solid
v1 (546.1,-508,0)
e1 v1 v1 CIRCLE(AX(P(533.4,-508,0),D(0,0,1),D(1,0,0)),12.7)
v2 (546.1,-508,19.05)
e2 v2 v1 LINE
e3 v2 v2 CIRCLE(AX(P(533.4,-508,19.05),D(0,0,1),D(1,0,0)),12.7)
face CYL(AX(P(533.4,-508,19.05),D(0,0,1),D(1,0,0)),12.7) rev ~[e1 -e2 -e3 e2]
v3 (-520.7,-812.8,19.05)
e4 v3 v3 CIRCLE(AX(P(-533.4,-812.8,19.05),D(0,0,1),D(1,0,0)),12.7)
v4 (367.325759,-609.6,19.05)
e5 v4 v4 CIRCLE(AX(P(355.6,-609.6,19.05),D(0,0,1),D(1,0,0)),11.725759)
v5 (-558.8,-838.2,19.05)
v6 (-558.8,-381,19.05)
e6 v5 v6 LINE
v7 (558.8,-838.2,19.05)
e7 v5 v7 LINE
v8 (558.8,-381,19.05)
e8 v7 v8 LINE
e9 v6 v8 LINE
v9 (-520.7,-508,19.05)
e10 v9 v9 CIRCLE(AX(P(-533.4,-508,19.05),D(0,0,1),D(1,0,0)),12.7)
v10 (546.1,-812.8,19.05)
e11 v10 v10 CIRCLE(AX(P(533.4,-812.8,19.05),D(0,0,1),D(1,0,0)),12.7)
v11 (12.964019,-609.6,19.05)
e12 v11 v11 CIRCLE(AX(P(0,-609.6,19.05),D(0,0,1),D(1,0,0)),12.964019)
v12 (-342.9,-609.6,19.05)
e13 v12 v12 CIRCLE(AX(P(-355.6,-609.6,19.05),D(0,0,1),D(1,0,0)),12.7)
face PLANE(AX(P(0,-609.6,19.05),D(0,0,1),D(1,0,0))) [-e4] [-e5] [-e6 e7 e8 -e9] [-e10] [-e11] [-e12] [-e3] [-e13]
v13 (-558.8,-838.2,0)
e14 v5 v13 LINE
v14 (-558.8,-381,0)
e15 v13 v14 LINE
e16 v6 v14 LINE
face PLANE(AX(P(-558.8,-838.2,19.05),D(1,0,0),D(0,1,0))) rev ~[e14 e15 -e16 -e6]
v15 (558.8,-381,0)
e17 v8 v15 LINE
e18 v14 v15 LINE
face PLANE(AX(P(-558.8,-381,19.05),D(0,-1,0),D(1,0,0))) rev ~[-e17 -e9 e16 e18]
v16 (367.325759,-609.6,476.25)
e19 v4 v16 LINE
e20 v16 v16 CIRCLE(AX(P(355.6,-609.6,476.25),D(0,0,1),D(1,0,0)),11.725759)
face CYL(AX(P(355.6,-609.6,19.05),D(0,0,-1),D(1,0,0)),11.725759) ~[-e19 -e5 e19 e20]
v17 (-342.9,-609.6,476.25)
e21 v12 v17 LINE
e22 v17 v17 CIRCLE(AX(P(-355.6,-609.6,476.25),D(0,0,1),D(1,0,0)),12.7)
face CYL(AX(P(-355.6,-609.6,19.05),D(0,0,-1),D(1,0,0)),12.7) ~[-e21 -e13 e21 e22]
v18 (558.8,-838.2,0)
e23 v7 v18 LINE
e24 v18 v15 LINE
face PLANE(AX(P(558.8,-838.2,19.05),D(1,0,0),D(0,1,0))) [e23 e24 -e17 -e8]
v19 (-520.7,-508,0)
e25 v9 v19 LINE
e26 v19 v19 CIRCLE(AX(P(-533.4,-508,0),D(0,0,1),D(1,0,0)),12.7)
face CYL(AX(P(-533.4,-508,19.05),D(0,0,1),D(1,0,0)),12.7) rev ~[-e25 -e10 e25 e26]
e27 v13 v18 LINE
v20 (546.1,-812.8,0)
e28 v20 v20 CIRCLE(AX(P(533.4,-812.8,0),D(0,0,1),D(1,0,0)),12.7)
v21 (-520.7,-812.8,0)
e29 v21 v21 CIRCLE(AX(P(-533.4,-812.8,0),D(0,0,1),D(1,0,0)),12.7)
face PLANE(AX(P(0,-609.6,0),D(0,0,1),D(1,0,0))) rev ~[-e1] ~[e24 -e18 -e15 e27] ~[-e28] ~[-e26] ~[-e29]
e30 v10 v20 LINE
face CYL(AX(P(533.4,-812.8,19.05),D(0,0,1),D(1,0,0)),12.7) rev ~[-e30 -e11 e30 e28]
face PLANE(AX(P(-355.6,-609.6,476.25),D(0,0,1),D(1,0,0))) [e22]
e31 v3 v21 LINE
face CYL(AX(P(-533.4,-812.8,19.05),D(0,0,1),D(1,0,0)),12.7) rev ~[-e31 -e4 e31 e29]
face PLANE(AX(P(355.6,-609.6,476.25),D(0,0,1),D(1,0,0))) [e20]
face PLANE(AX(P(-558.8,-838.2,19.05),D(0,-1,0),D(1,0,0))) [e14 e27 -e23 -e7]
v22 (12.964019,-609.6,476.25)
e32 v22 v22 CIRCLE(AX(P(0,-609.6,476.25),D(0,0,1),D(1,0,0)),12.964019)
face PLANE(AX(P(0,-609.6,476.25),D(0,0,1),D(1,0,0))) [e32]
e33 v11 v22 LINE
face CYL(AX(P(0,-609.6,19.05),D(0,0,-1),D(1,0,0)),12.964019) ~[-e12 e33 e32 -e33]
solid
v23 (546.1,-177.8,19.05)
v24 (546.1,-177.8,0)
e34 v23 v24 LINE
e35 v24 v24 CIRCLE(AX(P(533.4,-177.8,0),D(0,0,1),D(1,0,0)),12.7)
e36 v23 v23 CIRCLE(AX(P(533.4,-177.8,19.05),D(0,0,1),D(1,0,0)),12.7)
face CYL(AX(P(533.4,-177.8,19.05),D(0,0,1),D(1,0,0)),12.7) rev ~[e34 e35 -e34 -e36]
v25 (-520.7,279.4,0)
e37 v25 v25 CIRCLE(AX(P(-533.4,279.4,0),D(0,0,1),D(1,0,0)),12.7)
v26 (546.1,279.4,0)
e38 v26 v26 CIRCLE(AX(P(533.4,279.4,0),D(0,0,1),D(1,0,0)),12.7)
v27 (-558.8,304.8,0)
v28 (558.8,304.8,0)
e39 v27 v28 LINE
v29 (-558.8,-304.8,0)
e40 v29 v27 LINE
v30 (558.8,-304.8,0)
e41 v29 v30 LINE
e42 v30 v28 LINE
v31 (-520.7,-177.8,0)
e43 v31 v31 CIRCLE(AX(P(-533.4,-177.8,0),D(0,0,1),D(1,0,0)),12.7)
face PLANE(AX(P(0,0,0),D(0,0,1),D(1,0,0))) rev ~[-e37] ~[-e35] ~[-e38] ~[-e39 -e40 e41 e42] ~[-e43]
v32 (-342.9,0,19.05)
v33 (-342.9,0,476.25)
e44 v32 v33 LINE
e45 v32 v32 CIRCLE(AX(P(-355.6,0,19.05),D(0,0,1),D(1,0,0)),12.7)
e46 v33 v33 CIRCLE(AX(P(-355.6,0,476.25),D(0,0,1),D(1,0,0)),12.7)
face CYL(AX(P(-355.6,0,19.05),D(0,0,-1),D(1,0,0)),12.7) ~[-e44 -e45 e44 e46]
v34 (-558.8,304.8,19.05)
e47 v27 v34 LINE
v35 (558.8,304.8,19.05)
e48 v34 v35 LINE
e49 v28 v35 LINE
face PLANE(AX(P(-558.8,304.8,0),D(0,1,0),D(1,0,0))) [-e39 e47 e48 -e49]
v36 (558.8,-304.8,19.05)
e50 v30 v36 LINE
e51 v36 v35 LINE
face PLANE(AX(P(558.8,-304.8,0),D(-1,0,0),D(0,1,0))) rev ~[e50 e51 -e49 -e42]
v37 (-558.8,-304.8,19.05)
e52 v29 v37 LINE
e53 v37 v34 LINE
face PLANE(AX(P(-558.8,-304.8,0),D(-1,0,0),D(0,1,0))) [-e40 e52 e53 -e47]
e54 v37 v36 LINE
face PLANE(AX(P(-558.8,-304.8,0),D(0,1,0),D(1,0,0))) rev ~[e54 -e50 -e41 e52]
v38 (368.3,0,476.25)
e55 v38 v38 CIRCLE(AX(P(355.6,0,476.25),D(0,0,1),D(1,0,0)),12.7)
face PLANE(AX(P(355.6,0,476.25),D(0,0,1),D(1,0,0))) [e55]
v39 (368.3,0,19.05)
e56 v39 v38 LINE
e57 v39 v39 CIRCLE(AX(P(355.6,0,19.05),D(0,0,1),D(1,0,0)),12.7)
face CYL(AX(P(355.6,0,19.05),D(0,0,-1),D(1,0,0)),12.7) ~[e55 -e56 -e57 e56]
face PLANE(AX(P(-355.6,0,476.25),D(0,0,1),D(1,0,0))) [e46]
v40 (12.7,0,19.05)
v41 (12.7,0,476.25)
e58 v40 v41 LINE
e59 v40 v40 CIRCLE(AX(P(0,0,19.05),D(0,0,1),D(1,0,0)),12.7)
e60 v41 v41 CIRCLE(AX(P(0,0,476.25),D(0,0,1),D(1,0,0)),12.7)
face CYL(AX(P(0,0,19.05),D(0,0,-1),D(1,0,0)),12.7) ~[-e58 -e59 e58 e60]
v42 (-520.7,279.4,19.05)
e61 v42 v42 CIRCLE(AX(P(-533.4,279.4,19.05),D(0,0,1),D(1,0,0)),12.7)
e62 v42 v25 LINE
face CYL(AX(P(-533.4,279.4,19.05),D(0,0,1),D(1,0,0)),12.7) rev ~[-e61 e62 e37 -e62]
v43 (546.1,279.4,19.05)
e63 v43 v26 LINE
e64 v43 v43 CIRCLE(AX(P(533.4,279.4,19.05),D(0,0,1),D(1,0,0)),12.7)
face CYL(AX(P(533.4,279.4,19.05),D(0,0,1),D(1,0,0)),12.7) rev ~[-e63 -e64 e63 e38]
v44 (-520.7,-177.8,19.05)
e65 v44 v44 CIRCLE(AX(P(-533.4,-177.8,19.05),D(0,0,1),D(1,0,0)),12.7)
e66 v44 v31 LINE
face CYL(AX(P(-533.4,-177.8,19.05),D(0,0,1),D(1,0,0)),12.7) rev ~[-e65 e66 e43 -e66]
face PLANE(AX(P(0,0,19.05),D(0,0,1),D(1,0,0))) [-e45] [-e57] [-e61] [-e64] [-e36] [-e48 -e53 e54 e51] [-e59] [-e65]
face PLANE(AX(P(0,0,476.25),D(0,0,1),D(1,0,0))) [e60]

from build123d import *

# Parameters (mm, degrees)
F0_W      = 1117.6
F0_H      = 609.6
F1_DEPTH  = 19.05
F2_W      = 1117.6
F2_H      = 457.2
F3_DEPTH  = 19.05
F4_R      = 12.7
F6_DEPTH  = 25.4
F5_R      = 12.7
F7_DEPTH  = 25.4
F8_R      = 12.7
F9_DEPTH  = 457.2
F10_R     = 12.7
F10_R_2   = 11.725759
F10_R_3   = 12.964019
F11_DEPTH = 457.2


with BuildPart() as f1:
    # F0 (on Top) → F1 (new body)
    with BuildSketch(Plane.XY):
        Rectangle(F0_W, F0_H)
    extrude(amount=F1_DEPTH)

    # F4 (on face) → F6 (cut)
    with BuildSketch(Plane.XY.offset(19.05)):
        with Locations((533.4, 279.4)):
            Circle(F4_R)
        with Locations((533.4, -177.8)):
            Circle(F4_R)
        with Locations((-533.4, -177.8)):
            Circle(F4_R)
        with Locations((-533.4, 279.4)):
            Circle(F4_R)
    extrude(amount=-F6_DEPTH, mode=Mode.SUBTRACT)

    # F8 (on face) → F9 (join)
    with BuildSketch(Plane.XY.offset(19.05)):
        with Locations((-355.6, 0)):
            Circle(F8_R)
        Circle(F8_R)
        with Locations((355.6, 0)):
            Circle(F8_R)
    extrude(amount=F9_DEPTH)


with BuildPart() as f3:
    # F2 (on face) → F3 (new body)
    with BuildSketch(Plane.XY.offset(19.05)):
        with Locations((0, -609.6)):
            Rectangle(F2_W, F2_H)
    extrude(amount=-F3_DEPTH)

    # F5 (on face) → F7 (cut)
    with BuildSketch(Plane.XY.offset(19.05)):
        with Locations((-533.4, -508)):
            Circle(F5_R)
        with Locations((-533.4, -812.8)):
            Circle(F5_R)
        with Locations((533.4, -812.8)):
            Circle(F5_R)
        with Locations((533.4, -508)):
            Circle(F5_R)
    extrude(amount=-F7_DEPTH, mode=Mode.SUBTRACT)

    # F10 (on face) → F11 (join)
    with BuildSketch(Plane.XY.offset(19.05)):
        with Locations((-355.6, -609.6)):
            Circle(F10_R)
        with Locations((355.6, -609.6)):
            Circle(F10_R_2)
        with Locations((0, -609.6)):
            Circle(F10_R_3)
    extrude(amount=F11_DEPTH)


solid = Compound([f1.part, f3.part])
